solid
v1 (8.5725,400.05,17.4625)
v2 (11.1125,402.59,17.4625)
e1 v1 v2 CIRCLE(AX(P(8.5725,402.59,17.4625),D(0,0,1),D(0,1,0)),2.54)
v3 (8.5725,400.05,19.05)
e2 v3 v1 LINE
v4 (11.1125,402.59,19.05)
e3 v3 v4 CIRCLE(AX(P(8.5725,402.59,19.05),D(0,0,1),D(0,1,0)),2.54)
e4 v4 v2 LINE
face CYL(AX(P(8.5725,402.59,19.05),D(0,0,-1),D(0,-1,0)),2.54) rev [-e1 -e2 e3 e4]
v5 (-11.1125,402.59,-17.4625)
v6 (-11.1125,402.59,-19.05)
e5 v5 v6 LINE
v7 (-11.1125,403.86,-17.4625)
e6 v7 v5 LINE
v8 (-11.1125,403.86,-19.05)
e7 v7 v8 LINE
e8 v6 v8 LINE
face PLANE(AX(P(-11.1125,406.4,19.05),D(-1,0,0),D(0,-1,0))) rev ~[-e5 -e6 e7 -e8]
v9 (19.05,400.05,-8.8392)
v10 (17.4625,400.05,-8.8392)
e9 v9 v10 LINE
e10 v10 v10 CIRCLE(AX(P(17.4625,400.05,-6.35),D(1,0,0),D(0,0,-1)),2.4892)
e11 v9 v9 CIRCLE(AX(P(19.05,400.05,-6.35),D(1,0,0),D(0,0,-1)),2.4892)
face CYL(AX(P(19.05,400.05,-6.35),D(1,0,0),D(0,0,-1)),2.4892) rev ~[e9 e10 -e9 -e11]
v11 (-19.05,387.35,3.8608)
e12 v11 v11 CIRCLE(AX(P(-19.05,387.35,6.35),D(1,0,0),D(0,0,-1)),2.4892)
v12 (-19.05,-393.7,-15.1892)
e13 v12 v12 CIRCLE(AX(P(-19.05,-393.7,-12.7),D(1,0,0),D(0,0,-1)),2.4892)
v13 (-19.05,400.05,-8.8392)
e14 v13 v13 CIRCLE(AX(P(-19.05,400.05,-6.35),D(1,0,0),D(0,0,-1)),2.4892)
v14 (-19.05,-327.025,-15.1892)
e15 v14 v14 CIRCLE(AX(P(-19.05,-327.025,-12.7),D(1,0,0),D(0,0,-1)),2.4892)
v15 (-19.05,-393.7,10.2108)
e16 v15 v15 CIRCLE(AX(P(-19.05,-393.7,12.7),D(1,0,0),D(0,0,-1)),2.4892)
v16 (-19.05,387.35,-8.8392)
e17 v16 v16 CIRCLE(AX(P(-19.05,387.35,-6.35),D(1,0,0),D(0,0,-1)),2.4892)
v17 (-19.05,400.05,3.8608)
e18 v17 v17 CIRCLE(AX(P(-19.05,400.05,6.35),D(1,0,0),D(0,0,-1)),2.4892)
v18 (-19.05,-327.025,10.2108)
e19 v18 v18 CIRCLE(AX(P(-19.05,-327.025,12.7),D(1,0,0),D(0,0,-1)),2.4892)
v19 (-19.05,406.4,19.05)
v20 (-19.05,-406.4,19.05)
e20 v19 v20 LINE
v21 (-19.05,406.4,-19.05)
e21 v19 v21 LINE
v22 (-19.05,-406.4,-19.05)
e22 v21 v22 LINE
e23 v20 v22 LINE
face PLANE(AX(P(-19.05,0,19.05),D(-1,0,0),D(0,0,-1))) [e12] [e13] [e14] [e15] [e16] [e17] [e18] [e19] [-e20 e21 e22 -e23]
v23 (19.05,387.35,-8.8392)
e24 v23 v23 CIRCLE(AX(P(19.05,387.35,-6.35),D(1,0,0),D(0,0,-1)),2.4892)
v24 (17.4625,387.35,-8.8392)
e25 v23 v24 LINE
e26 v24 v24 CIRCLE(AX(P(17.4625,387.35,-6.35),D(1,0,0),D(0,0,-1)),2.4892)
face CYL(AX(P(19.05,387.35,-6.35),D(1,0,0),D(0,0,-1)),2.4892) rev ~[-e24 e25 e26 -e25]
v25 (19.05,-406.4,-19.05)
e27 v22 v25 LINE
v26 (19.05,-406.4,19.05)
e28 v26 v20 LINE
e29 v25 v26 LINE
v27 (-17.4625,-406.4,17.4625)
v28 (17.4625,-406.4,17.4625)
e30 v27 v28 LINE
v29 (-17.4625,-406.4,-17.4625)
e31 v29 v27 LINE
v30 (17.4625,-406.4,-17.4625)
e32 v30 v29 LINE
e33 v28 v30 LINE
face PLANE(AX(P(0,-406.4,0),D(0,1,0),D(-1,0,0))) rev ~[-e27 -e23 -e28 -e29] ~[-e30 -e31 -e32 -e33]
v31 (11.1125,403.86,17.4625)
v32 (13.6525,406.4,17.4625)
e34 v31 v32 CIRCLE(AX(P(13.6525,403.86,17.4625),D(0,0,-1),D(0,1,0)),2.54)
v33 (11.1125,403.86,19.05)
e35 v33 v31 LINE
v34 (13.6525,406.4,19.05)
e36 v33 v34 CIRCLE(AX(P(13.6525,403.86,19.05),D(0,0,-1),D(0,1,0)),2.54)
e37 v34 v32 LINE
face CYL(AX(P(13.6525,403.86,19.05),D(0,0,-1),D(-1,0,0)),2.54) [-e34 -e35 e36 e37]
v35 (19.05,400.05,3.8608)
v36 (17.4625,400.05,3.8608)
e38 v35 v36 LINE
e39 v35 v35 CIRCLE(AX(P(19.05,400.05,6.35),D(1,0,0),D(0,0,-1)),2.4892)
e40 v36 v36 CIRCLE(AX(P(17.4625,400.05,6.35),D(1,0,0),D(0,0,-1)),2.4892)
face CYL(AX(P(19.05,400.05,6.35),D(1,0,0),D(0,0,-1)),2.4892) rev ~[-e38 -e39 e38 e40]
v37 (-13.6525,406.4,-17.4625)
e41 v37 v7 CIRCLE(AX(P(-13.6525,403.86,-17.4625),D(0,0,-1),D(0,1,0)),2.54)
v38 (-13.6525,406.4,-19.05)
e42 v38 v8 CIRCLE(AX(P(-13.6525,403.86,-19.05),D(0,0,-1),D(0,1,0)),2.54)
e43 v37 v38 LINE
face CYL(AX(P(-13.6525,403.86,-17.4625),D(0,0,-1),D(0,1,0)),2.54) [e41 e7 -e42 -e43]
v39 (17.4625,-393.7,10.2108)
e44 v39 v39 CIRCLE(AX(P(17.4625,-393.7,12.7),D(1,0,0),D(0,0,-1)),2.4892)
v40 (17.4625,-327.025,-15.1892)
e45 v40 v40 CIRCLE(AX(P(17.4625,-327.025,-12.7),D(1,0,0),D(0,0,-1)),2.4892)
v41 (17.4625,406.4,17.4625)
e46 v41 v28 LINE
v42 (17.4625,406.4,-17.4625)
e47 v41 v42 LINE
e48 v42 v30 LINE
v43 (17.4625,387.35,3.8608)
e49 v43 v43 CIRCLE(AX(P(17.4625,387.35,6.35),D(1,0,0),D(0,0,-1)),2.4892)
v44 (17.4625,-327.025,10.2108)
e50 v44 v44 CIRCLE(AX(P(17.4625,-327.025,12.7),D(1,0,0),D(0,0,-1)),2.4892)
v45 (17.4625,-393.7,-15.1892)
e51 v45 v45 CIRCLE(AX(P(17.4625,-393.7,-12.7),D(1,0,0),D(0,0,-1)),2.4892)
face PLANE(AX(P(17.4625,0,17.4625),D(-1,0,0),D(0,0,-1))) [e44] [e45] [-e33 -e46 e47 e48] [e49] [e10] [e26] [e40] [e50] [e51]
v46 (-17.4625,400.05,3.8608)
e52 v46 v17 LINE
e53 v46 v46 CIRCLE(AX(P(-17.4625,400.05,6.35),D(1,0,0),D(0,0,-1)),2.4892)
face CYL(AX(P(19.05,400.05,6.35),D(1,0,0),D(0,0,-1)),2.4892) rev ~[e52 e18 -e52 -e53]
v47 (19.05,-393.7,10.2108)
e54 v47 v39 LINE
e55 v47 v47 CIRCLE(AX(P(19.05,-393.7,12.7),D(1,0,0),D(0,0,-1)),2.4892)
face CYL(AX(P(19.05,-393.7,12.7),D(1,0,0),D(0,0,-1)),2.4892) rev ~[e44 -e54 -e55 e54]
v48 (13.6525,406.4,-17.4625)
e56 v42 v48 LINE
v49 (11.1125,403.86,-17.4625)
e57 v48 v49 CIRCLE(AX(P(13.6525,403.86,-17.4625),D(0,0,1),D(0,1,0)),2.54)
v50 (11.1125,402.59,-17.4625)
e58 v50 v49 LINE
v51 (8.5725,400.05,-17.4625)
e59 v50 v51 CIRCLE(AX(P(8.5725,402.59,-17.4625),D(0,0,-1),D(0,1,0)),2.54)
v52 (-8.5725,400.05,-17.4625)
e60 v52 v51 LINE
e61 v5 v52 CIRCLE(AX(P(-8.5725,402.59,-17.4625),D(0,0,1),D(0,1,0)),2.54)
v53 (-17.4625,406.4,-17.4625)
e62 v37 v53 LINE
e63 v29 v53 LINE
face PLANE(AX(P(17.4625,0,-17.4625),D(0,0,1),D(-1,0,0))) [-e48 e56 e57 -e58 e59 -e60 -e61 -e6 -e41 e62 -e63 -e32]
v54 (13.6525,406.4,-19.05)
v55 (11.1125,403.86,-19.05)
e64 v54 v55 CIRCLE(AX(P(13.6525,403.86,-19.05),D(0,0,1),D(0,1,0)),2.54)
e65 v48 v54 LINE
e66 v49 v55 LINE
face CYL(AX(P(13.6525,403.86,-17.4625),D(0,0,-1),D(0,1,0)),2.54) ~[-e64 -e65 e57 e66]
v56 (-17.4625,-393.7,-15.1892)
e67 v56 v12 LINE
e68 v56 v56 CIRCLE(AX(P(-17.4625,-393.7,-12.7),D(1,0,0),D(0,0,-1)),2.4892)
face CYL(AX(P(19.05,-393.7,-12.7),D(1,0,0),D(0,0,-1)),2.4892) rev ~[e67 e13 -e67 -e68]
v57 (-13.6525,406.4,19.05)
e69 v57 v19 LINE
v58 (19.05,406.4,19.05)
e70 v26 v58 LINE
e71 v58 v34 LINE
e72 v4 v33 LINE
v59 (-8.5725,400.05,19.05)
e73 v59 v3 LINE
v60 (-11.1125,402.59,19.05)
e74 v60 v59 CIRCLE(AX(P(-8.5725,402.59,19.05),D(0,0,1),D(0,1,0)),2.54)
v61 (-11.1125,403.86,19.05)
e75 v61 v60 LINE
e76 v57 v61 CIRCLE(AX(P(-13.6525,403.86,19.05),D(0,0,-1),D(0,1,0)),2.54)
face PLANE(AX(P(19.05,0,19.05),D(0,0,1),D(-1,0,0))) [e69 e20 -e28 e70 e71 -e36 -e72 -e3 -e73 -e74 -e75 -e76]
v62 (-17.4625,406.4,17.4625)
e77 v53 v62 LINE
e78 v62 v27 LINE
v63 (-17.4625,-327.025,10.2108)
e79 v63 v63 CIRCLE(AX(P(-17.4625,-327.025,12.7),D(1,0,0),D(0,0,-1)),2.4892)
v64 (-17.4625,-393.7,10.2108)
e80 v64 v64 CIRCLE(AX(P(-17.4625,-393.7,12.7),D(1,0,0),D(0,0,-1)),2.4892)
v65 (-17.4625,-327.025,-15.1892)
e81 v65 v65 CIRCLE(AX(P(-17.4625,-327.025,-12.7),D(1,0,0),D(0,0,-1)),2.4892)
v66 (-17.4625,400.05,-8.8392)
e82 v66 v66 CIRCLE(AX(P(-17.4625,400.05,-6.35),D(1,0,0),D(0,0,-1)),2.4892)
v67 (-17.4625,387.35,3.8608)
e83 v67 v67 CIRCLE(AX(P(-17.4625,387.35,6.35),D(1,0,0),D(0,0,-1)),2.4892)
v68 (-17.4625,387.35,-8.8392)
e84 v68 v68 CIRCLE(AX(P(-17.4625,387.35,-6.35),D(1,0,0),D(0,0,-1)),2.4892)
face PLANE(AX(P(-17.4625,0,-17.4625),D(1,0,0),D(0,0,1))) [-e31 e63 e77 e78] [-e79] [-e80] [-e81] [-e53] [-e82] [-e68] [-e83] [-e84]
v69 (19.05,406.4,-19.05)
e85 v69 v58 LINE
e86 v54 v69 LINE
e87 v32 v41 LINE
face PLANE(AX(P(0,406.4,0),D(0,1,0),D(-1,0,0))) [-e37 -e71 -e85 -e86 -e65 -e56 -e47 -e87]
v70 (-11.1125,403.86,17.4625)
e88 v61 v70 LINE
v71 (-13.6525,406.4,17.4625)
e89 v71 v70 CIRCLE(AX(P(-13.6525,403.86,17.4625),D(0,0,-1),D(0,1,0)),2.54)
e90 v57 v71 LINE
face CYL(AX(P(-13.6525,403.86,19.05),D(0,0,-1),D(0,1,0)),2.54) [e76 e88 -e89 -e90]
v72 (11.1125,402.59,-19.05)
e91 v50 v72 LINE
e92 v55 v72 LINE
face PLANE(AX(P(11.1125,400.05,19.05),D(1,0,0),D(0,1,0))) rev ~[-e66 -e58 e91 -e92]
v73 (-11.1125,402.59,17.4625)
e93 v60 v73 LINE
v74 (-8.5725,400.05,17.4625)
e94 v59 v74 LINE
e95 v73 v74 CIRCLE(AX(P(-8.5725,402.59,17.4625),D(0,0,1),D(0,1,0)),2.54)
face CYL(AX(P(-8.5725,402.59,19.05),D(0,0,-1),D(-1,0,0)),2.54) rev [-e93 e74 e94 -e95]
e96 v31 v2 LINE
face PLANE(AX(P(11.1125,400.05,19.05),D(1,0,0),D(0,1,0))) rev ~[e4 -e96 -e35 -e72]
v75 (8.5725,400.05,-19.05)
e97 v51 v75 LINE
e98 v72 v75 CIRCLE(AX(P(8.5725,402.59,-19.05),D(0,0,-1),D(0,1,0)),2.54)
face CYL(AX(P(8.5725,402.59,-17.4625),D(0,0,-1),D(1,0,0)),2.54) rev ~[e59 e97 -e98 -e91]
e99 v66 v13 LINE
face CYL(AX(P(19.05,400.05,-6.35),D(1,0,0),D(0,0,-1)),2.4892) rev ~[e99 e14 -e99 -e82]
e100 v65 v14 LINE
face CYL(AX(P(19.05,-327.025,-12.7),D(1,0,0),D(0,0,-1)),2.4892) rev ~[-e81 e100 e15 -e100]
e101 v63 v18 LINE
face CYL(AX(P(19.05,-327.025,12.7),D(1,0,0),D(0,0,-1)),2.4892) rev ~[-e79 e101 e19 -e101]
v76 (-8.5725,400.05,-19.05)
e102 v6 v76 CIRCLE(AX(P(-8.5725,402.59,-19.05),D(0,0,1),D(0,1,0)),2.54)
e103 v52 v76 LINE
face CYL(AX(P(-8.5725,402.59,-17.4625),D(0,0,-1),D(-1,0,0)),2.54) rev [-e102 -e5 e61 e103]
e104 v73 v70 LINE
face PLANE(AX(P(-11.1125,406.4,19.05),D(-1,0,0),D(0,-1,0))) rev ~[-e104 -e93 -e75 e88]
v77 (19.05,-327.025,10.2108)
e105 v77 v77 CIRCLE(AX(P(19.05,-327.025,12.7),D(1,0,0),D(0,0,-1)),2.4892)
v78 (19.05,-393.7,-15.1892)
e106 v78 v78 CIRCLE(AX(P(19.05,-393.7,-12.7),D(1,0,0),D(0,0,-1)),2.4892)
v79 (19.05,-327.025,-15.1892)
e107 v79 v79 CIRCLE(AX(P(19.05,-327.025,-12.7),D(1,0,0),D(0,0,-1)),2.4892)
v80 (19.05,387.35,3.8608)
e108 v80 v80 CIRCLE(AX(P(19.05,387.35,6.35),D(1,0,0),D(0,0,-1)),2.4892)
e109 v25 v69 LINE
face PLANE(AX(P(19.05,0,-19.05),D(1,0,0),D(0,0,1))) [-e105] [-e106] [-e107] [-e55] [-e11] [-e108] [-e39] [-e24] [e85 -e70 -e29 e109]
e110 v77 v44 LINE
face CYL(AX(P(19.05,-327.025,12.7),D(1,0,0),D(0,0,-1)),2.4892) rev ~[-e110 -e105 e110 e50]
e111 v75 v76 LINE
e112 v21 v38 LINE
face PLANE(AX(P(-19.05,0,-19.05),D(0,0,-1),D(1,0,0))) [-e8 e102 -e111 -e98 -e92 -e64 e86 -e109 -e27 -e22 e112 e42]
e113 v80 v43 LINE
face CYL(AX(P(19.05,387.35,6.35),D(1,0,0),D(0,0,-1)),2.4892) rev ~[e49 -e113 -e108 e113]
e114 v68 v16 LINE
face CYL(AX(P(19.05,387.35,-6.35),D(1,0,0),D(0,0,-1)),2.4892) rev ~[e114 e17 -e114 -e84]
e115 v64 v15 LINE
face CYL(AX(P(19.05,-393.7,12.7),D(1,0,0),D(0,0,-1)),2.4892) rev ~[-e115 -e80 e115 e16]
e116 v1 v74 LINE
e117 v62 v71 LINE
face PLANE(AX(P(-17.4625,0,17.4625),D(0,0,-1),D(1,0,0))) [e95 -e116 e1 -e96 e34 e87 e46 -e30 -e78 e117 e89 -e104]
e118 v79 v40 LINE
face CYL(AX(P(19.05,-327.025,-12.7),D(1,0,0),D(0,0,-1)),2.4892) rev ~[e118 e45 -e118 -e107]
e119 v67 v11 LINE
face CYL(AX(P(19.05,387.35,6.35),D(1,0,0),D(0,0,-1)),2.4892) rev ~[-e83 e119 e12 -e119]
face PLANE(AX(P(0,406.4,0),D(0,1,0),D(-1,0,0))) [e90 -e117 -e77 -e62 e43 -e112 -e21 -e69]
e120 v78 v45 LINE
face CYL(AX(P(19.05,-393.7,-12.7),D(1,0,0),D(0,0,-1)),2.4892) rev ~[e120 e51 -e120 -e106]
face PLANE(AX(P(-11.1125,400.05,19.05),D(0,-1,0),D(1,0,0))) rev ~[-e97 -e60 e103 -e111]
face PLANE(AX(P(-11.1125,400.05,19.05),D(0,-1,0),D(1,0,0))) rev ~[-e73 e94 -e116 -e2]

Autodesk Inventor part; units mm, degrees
ref_plane "YZ Plane" through (0, 0, 0) normal (1, 0, 0) x (0, 1, 0)
ref_plane "XZ Plane" through (0, 0, 0) normal (0, 1, 0) x (-1, 0, 0)
ref_plane "XY Plane" through (0, 0, 0) normal (0, 0, 1) x (1, 0, 0)
sketch "Sketch1" plane through (0, 0, 0) normal (0, 1, 0) x (-1, 0, 0)
  line L0 (-19.05, 19.05) -> (19.05, 19.05)
  line L1 (19.05, 19.05) -> (19.05, -19.05)
  line L2 (19.05, -19.05) -> (-19.05, -19.05)
  line L3 (-19.05, -19.05) -> (-19.05, 19.05)
  line L4 (-19.05, 19.05) -> (19.05, -19.05) construction
  line L5 (19.05, 19.05) -> (-19.05, -19.05) construction
  line L6 (17.4625, -17.4625) -> (17.4625, 17.4625)
  line L7 (17.4625, 17.4625) -> (-17.4625, 17.4625)
  line L8 (-17.4625, 17.4625) -> (-17.4625, -17.4625)
  line L9 (-17.4625, -17.4625) -> (17.4625, -17.4625)
  point P0 (0, 0)
  dimension "d0" = 38.1
  dimension "d1" = 1.5875
extrude "Extrusion1" add sketch "Sketch1" along normal mid plane 812.8
sketch "Sketch2" plane through (19.05, -406.4, -19.05) normal (1, 0, 0) x (0, 0, -1)
  circle A0 centre (-25.4, 806.45) radius 2.4892
  circle A1 centre (-25.4, 793.75) radius 2.4892
  circle A2 centre (-12.7, 793.75) radius 2.4892
  circle A3 centre (-12.7, 806.45) radius 2.4892
  line L0 (-38.1, 812.8) -> (0, 812.8) projected
  circle A4 centre (-31.75, 12.7) radius 2.4892
  circle A5 centre (-6.35, 12.7) radius 2.4892
  circle A6 centre (-6.35, 79.375) radius 2.4892
  circle A7 centre (-31.75, 79.375) radius 2.4892
  line L1 (0, 0) -> (-38.1, 0) projected
  line L2 (-38.1, 0) -> (-38.1, 812.8) projected
  point P0 (-19.05, 800.1)
  point P1 (-19.05, 812.8)
  dimension "d4" = 4.9784
  dimension "d7" = 360
  dimension "d9" = 12.7
  dimension "d10" = 6.35
  dimension "d11" = 4.9784
  dimension "d12" = 66.675
  dimension "d13" = 12.7
  dimension "d14" = 25.4
  dimension "d15" = 6.35
extrude "Extrusion2" cut sketch "Sketch2" against normal through all
sketch "Sketch3" plane through (-19.05, 406.4, 19.05) normal (0, 0, 1) x (1, 0, 0)
  line L0 (0, 0) -> (38.1, 0) projected
  line L1 (7.9375, 0) -> (7.9375, -6.35)
  line L2 (7.9375, -6.35) -> (30.1625, -6.35)
  line L3 (30.1625, -6.35) -> (30.1625, 0)
  point P0 (19.05, -6.35)
  point P1 (19.05, 0)
  dimension "d18" = 22.225
  dimension "d19" = 6.35
extrude "Extrusion3" cut sketch "Sketch3" against normal through all
fillet "Fillet1" radius 2.54 8 edges at (-11.1125, 406.4, 18.2562) (-11.1125, 400.05, 18.2562) (11.1125, 400.05, 18.2562) (11.1125, 406.4, 18.2562) (-11.1125, 406.4, -18.2562) (-11.1125, 400.05, -18.2562) (11.1125, 406.4, -18.2562) (11.1125, 400.05, -18.2562)
properties part number "GreyT 2x1 Template" material "Aluminum 6061"
